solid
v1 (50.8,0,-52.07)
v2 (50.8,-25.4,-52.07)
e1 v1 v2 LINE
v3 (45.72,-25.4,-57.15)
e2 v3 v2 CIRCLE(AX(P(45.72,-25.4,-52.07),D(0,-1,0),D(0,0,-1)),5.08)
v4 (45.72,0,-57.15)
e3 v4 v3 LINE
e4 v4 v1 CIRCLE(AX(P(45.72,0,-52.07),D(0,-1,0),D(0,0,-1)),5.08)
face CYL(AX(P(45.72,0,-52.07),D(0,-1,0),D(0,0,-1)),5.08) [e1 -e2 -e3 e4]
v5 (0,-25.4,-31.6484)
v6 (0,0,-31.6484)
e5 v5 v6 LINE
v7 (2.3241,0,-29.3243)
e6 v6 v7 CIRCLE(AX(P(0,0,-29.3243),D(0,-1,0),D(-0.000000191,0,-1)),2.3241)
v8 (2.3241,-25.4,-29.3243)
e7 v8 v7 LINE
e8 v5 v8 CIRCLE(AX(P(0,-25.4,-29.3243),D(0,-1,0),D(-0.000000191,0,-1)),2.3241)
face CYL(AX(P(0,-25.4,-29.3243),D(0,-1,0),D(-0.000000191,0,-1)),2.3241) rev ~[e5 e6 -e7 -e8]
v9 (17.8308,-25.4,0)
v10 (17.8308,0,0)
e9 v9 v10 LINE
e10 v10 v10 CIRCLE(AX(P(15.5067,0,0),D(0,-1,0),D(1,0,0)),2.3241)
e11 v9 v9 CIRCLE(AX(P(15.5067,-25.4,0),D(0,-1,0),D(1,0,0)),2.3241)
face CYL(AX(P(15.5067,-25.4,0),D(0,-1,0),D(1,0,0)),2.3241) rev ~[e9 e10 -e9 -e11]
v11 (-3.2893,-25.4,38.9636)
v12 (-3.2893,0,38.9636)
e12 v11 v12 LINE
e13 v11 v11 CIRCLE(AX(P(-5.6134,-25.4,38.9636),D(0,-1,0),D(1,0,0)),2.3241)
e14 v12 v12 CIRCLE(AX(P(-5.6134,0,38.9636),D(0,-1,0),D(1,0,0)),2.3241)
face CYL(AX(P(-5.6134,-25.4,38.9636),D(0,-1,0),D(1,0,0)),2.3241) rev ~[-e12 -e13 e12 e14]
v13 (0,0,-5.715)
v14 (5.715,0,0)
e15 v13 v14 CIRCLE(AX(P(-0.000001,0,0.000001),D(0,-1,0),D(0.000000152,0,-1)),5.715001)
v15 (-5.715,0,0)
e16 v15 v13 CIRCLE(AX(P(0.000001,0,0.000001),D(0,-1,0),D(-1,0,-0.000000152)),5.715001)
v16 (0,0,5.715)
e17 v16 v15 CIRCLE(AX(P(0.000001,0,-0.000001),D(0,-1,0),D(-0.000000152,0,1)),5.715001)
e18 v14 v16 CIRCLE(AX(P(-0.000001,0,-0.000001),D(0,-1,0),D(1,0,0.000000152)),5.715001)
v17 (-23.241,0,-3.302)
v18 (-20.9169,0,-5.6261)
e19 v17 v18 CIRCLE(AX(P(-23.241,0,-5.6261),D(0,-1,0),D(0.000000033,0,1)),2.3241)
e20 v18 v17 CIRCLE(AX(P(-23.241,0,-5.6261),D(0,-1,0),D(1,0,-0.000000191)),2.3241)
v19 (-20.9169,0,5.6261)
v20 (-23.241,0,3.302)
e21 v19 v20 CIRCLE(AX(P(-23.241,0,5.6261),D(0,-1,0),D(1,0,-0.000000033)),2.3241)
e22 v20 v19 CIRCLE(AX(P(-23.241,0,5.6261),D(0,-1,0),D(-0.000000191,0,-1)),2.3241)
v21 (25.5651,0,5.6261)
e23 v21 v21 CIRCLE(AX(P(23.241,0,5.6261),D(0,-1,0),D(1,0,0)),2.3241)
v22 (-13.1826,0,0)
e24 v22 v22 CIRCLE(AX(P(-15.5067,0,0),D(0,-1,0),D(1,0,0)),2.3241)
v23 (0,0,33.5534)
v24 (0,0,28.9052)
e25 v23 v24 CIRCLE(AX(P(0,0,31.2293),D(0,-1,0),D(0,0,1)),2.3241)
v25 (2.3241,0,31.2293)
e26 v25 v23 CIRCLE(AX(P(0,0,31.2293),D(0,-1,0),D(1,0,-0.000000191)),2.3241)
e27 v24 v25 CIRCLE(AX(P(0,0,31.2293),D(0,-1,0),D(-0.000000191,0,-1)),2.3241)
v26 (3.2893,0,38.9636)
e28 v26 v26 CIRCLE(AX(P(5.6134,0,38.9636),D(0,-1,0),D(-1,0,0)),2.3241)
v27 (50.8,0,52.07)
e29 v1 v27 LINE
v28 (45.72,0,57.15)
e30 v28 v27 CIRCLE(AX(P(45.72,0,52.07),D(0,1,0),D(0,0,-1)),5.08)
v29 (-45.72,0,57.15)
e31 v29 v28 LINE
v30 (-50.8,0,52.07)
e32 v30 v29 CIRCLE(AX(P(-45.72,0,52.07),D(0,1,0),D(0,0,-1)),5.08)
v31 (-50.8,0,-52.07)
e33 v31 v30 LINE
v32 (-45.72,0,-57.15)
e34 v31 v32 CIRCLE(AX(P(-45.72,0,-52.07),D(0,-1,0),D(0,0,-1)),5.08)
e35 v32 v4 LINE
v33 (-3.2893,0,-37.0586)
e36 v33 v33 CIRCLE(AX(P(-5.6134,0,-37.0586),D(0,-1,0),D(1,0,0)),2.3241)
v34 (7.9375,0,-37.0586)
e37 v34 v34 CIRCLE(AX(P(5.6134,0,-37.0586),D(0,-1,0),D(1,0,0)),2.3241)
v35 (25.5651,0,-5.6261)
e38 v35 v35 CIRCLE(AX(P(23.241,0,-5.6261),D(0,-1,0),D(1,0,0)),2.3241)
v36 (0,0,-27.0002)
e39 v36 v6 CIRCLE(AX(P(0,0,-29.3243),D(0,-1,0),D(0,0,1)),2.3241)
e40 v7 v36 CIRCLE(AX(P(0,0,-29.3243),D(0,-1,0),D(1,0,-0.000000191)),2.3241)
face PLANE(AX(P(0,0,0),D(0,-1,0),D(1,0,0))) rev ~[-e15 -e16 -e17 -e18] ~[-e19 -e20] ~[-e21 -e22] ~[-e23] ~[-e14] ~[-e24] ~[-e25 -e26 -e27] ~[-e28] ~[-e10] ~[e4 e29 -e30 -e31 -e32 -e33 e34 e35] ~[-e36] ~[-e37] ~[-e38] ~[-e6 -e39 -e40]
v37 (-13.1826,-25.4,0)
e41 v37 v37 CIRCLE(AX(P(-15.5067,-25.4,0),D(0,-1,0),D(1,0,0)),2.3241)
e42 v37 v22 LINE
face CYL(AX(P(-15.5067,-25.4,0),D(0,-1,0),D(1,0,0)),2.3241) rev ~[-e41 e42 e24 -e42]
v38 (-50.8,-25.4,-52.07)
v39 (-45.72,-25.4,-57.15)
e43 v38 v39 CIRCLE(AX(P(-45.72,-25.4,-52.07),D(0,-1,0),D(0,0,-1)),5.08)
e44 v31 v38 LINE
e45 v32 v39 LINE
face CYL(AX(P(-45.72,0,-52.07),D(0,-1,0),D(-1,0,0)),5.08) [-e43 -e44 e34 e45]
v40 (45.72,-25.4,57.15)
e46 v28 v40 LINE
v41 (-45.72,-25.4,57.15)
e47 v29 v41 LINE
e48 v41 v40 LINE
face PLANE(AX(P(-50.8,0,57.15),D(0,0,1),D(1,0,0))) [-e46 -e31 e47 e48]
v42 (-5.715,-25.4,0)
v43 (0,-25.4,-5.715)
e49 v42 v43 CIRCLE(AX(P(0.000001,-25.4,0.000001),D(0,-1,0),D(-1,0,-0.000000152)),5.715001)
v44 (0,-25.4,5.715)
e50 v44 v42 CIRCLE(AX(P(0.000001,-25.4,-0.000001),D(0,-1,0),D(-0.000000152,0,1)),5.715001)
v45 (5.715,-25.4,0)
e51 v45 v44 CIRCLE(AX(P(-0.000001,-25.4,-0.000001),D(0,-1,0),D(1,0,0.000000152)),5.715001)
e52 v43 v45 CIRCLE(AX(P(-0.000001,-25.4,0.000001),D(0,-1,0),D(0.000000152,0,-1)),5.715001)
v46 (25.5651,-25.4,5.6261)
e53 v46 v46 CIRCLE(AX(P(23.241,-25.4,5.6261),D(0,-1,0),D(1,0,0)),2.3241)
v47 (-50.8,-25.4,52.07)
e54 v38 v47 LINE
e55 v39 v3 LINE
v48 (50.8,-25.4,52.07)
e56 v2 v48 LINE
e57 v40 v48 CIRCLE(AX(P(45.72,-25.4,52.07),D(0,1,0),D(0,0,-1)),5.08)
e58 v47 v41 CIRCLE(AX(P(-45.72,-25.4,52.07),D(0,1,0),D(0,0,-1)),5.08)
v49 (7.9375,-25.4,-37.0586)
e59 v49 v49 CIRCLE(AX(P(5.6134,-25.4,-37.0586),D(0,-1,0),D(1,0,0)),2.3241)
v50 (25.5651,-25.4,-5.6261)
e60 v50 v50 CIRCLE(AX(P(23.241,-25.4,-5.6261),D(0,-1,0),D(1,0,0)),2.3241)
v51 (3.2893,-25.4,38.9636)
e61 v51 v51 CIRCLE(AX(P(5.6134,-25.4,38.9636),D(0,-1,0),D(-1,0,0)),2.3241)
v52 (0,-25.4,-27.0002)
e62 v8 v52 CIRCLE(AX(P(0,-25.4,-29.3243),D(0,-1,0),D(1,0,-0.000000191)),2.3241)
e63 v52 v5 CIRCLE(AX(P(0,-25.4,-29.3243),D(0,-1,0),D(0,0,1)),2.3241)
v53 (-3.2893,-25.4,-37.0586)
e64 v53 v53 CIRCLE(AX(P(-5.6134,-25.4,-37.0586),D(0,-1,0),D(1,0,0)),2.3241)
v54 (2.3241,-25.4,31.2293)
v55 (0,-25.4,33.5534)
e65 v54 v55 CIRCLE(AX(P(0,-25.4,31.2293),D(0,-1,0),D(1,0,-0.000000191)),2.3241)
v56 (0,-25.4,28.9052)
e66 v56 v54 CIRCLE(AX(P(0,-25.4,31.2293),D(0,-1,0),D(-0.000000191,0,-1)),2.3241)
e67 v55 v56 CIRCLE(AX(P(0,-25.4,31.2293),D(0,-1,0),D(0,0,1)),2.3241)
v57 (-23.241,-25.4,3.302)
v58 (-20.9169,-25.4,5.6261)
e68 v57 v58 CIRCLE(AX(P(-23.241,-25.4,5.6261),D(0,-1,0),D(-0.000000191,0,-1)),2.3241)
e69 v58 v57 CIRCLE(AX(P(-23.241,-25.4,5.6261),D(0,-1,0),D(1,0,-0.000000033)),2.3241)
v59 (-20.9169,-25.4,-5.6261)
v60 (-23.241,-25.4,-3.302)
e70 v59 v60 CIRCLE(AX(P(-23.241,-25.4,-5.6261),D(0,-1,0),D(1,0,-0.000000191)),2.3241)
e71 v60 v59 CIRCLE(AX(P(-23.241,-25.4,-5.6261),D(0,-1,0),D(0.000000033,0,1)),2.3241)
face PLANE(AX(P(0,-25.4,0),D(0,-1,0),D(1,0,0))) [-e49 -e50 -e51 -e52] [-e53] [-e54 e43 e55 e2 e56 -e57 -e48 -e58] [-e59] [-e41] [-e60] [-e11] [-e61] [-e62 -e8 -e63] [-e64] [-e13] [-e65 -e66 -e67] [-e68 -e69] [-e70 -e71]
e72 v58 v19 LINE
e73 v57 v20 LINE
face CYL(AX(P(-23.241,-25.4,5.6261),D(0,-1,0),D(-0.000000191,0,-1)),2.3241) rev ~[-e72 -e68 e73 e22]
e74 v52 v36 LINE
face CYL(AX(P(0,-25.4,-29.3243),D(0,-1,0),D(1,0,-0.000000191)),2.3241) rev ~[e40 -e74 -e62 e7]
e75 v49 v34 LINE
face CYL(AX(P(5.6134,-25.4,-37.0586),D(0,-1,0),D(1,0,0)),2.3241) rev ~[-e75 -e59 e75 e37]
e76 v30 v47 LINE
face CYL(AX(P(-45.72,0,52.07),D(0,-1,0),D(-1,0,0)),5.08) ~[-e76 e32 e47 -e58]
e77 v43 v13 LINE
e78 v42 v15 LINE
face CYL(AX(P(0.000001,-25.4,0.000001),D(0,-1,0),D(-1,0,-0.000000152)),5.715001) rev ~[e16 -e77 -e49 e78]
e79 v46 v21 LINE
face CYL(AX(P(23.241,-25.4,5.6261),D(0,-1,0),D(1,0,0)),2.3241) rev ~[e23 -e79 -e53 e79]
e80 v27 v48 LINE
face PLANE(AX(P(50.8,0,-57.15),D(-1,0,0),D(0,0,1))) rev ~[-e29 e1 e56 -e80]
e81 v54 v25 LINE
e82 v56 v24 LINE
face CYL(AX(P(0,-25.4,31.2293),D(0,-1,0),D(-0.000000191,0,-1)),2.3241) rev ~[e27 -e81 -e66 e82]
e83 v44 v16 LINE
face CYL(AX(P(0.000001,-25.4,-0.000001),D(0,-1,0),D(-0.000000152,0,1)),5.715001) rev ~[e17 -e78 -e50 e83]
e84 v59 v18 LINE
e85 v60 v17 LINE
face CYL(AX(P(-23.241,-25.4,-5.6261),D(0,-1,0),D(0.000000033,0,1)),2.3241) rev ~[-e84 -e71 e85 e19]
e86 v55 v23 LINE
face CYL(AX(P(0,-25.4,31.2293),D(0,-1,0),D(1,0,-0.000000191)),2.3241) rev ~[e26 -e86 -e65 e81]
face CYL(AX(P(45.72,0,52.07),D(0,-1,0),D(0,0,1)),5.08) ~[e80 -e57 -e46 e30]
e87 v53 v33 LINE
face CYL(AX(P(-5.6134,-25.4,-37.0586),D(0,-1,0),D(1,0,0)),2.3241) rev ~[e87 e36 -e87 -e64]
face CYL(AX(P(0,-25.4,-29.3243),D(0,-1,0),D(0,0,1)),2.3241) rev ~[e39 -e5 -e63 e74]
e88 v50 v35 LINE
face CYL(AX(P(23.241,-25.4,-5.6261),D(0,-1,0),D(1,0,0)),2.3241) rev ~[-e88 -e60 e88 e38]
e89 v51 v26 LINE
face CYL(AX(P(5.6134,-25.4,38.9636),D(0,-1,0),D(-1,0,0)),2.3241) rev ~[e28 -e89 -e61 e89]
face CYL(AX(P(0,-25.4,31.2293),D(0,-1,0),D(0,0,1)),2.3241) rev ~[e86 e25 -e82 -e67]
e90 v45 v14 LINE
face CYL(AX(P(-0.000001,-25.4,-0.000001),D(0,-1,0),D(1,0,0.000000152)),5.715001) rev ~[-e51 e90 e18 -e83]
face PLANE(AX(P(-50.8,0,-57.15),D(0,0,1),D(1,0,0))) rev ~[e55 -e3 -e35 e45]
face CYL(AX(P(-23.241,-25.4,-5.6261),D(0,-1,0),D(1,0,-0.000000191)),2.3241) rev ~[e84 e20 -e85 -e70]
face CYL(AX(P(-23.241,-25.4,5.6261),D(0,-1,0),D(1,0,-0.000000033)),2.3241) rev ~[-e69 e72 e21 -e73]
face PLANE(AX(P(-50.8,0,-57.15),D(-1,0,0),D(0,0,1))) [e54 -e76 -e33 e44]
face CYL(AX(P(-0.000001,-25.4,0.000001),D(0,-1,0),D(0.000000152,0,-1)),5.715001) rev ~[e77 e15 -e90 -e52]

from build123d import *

# Parameters (mm, degrees)
F0_W     = 101.6
F0_H     = 114.3
F1_DEPTH = 25.4
F2_R     = 2.3241
F3_DEPTH = 25.401
F4_R     = 5.08


with BuildPart() as f1:
    # F0 (on Front) → F1 (new body)
    with BuildSketch(Plane.XZ):
        Rectangle(F0_W, F0_H)
    extrude(amount=F1_DEPTH)

    # F2 (on face) → F3 (cut, through all)
    with BuildSketch(Plane.XZ.offset(25.4)):
        with BuildLine():
            ThreePointArc((0, -5.715), (4.041115, -4.041115), (5.715, 0))
            ThreePointArc((5.715, 0), (4.041115, 4.041115), (0, 5.715))
            ThreePointArc((0, 5.715), (-4.041115, 4.041115), (-5.715, 0))
            ThreePointArc((-5.715, 0), (-4.041115, -4.041115), (0, -5.715))
        make_face()
        with BuildLine():
            ThreePointArc((2.3241, -29.3243), (1.643387, -27.680913), (0, -27.0002))
            Line((0, -27.0002), (0, -31.6484))
            ThreePointArc((0, -31.6484), (1.643387, -30.967687), (2.3241, -29.3243))
        make_face()
        with BuildLine():
            Line((0, -31.6484), (0, -27.0002))
            ThreePointArc((0, -27.0002), (-2.3241, -29.3243), (0, -31.6484))
        make_face()
        with BuildLine():
            ThreePointArc((-20.9169, -5.6261), (-21.597613, -3.982713), (-23.241, -3.302))
            ThreePointArc((-23.241, -3.302), (-24.884387, -7.269487), (-20.9169, -5.6261))
        make_face()
        with BuildLine():
            ThreePointArc((-20.9169, 5.6261), (-24.884387, 7.269487), (-23.241, 3.302))
            ThreePointArc((-23.241, 3.302), (-21.597613, 3.982713), (-20.9169, 5.6261))
        make_face()
        with BuildLine():
            ThreePointArc((-17.8308, 0), (-15.5067, -2.3241), (-13.1826, 0))
            ThreePointArc((-13.1826, 0), (-15.5067, 2.3241), (-17.8308, 0))
        make_face()
        with Locations((-5.6134, 38.9636)):
            Circle(F2_R)
        with BuildLine():
            ThreePointArc((7.9375, 38.9636), (5.6134, 41.2877), (3.2893, 38.9636))
            ThreePointArc((3.2893, 38.9636), (5.6134, 36.6395), (7.9375, 38.9636))
        make_face()
        with BuildLine():
            ThreePointArc((0, 33.5534), (-2.3241, 31.2293), (0, 28.9052))
            Line((0, 28.9052), (0, 33.5534))
        make_face()
        with BuildLine():
            Line((0, 33.5534), (0, 28.9052))
            ThreePointArc((0, 28.9052), (1.643387, 29.585913), (2.3241, 31.2293))
            ThreePointArc((2.3241, 31.2293), (1.643387, 32.872687), (0, 33.5534))
        make_face()
        with Locations((-5.6134, -37.0586)):
            Circle(F2_R)
        with Locations((5.6134, -37.0586)):
            Circle(F2_R)
        with Locations((15.5067, 0)):
            Circle(F2_R)
        with Locations((23.241, -5.6261)):
            Circle(F2_R)
        with Locations((23.241, 5.6261)):
            Circle(F2_R)
    extrude(amount=-F3_DEPTH, mode=Mode.SUBTRACT)

    # F4
    f4_edges = [f1.edges().sort_by_distance(p)[0] for p in [
        (-50.8, -12.7, -57.15),
        (50.8, -12.7, -57.15),
        (-50.8, -12.7, 57.15),
        (50.8, -12.7, 57.15),
    ]]
    fillet(f4_edges, radius=F4_R)


solid = f1.part
